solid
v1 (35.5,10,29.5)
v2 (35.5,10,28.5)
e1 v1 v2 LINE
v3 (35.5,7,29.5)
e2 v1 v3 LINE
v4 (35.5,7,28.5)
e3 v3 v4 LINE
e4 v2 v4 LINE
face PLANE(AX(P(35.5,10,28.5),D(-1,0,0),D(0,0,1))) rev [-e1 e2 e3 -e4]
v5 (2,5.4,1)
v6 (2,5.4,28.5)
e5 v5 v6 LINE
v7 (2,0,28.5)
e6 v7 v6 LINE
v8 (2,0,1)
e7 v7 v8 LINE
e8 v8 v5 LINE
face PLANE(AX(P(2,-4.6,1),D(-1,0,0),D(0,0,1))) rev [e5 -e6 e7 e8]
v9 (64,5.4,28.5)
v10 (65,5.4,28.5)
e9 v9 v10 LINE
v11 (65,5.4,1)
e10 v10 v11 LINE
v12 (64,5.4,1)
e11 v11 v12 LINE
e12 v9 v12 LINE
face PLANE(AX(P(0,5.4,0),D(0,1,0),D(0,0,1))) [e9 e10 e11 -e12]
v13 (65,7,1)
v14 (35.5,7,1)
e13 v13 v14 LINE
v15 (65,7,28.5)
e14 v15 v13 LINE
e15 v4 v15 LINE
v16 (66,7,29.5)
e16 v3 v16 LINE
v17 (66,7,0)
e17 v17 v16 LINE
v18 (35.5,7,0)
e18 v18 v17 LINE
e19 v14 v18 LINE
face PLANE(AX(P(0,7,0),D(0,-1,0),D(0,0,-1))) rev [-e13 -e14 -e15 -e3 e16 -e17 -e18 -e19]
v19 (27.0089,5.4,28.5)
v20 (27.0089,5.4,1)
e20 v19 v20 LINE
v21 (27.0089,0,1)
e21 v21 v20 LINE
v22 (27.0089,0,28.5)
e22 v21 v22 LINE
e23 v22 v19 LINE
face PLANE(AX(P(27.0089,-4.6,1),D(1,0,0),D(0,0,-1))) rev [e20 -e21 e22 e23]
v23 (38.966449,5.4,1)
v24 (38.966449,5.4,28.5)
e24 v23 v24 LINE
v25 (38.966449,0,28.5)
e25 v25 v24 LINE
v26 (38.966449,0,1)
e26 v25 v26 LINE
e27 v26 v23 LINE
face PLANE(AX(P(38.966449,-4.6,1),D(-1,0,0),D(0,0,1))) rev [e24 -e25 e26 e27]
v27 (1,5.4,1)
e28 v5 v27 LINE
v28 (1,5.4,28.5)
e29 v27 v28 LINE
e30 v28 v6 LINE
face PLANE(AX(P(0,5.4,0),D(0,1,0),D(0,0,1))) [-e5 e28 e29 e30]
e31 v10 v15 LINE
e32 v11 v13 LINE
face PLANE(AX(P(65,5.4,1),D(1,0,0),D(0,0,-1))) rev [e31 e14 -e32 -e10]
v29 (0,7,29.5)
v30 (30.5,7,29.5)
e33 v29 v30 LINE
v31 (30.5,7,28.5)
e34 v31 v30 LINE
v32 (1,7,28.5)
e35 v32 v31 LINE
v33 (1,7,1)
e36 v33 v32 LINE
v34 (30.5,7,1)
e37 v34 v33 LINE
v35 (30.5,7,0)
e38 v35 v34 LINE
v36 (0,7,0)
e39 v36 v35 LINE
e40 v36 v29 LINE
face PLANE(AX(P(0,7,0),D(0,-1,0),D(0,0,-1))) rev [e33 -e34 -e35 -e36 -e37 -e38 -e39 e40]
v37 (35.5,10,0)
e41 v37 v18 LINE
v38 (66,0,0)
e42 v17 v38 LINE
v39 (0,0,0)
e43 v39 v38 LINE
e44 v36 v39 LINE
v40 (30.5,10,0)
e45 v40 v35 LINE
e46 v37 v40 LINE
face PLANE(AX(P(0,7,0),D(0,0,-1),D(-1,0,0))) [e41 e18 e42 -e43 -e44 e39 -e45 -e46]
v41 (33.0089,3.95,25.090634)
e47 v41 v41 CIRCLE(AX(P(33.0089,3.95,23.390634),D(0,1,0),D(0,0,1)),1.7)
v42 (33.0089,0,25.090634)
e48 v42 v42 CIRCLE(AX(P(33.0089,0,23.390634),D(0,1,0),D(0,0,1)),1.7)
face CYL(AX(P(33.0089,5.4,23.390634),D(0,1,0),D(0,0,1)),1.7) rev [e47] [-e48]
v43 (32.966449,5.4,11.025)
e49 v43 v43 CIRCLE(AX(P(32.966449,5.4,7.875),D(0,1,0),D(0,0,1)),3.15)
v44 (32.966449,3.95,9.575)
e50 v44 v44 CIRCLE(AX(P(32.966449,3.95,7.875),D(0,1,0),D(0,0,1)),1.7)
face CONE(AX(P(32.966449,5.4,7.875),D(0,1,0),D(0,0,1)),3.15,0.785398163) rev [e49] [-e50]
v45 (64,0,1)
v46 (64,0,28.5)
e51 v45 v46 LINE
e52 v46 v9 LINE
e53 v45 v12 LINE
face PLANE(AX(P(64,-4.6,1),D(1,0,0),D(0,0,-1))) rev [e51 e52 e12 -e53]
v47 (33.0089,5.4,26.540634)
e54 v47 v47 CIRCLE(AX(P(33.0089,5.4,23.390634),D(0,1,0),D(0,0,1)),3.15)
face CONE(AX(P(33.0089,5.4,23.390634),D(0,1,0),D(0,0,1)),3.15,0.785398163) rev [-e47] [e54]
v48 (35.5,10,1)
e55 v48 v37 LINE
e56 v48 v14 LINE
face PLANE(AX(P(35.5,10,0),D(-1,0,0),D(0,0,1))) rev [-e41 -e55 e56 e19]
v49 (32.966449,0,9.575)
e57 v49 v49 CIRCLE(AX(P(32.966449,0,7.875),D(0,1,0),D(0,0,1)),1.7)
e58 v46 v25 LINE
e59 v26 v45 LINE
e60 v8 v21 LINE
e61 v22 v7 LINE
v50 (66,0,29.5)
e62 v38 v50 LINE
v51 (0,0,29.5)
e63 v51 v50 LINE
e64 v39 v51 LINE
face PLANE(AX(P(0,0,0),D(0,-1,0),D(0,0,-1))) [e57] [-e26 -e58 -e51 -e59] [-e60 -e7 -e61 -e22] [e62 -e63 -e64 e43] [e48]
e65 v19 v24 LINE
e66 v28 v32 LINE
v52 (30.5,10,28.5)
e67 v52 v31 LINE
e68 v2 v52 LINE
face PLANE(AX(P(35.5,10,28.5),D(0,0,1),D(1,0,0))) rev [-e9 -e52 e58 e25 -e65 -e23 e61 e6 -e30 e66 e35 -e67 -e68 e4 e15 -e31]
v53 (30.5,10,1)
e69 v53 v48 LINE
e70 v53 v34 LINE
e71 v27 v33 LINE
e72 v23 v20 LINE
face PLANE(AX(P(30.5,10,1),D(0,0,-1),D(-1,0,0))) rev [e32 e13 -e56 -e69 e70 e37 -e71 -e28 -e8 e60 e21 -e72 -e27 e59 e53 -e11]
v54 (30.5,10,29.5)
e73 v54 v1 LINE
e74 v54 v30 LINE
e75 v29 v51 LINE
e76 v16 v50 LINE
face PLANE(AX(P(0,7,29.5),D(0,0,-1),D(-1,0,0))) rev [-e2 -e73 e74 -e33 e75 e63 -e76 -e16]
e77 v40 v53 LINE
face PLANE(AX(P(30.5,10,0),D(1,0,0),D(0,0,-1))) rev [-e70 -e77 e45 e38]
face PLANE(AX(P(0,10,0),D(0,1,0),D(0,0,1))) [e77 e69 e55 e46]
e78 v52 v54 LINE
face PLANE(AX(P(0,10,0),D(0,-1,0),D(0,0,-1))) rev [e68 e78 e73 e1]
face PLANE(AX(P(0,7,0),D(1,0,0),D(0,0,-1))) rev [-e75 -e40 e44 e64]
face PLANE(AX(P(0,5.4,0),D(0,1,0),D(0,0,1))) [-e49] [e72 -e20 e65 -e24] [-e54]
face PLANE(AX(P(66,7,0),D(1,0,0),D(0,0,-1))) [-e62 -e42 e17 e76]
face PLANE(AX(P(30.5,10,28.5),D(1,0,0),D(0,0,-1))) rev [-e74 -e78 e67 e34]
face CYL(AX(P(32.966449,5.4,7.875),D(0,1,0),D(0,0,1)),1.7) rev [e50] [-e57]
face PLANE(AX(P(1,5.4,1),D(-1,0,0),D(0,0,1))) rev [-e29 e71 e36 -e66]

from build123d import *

# Parameters (mm, degrees)
SKETCH1_W                                           = 66
SKETCH1_H                                           = 29.5
BOSS_EXTRUDE1_DEPTH                                 = 7
SKETCH18_W                                          = 5
SKETCH18_H                                          = 1
BOSS_EXTRUDE3_DEPTH                                 = 3
SKETCH2_W                                           = 64
SKETCH2_H                                           = 27.5
CUT_EXTRUDE1_DEPTH                                  = 1.6
SKETCH19_W                                          = 25.008900438
SKETCH19_H                                          = 27.5
SKETCH19_W_2                                        = 25.033550957
CUT_EXTRUDE3_DEPTH                                  = 10
CSK_FOR_M3_COUNTERSUNK_FLAT_HEAD_SCREW2_D           = 3.4
CSK_FOR_M3_COUNTERSUNK_FLAT_HEAD_SCREW2_CSINK_D     = 6.3
CSK_FOR_M3_COUNTERSUNK_FLAT_HEAD_SCREW2_CSINK_ANGLE = 90


with BuildPart() as part:
    # Sketch1 → Boss-Extrude1 (new body)
    with BuildSketch(Plane(origin=(0, 0, 0), x_dir=(1, 0, 0), z_dir=(0, 1, 0))):
        with Locations((33, -14.75)):
            Rectangle(SKETCH1_W, SKETCH1_H)
    extrude(amount=BOSS_EXTRUDE1_DEPTH)

    # Sketch18 → Boss-Extrude3 (add)
    with BuildSketch(Plane(origin=(0, 7, 0), x_dir=(1, 0, 0), z_dir=(0, 1, 0))):
        with Locations((33, -0.5)):
            Rectangle(SKETCH18_W, SKETCH18_H)
        with Locations((33, -29)):
            Rectangle(SKETCH18_W, SKETCH18_H)
    extrude(amount=BOSS_EXTRUDE3_DEPTH)

    # Sketch2 → Cut-Extrude1 (cut)
    with BuildSketch(Plane(origin=(0, 7, 0), x_dir=(1, 0, 0), z_dir=(0, 1, 0))):
        with Locations((33, -14.75)):
            Rectangle(SKETCH2_W, SKETCH2_H)
    extrude(amount=-CUT_EXTRUDE1_DEPTH, mode=Mode.SUBTRACT)

    # Sketch19 → Cut-Extrude3 (cut)
    with BuildSketch(Plane(origin=(0, 5.4, 0), x_dir=(1, 0, 0), z_dir=(0, 1, 0))):
        with Locations((14.504450219, -14.75)):
            Rectangle(SKETCH19_W, SKETCH19_H)
        with Locations((51.483224522, -14.75)):
            Rectangle(SKETCH19_W_2, SKETCH19_H)
    extrude(amount=-CUT_EXTRUDE3_DEPTH, mode=Mode.SUBTRACT)

    # CSK for M3 Countersunk Flat Head Screw2 (through all)
    with Locations(Plane(origin=(32.966449043, 5.4, 7.875), x_dir=(0, 0, 1), z_dir=(0, 1, 0))):
        with Locations((0, 0), (15.515633601, 0.042451395)):
            CounterSinkHole(CSK_FOR_M3_COUNTERSUNK_FLAT_HEAD_SCREW2_D / 2, CSK_FOR_M3_COUNTERSUNK_FLAT_HEAD_SCREW2_CSINK_D / 2, counter_sink_angle=CSK_FOR_M3_COUNTERSUNK_FLAT_HEAD_SCREW2_CSINK_ANGLE)


solid = part.part
